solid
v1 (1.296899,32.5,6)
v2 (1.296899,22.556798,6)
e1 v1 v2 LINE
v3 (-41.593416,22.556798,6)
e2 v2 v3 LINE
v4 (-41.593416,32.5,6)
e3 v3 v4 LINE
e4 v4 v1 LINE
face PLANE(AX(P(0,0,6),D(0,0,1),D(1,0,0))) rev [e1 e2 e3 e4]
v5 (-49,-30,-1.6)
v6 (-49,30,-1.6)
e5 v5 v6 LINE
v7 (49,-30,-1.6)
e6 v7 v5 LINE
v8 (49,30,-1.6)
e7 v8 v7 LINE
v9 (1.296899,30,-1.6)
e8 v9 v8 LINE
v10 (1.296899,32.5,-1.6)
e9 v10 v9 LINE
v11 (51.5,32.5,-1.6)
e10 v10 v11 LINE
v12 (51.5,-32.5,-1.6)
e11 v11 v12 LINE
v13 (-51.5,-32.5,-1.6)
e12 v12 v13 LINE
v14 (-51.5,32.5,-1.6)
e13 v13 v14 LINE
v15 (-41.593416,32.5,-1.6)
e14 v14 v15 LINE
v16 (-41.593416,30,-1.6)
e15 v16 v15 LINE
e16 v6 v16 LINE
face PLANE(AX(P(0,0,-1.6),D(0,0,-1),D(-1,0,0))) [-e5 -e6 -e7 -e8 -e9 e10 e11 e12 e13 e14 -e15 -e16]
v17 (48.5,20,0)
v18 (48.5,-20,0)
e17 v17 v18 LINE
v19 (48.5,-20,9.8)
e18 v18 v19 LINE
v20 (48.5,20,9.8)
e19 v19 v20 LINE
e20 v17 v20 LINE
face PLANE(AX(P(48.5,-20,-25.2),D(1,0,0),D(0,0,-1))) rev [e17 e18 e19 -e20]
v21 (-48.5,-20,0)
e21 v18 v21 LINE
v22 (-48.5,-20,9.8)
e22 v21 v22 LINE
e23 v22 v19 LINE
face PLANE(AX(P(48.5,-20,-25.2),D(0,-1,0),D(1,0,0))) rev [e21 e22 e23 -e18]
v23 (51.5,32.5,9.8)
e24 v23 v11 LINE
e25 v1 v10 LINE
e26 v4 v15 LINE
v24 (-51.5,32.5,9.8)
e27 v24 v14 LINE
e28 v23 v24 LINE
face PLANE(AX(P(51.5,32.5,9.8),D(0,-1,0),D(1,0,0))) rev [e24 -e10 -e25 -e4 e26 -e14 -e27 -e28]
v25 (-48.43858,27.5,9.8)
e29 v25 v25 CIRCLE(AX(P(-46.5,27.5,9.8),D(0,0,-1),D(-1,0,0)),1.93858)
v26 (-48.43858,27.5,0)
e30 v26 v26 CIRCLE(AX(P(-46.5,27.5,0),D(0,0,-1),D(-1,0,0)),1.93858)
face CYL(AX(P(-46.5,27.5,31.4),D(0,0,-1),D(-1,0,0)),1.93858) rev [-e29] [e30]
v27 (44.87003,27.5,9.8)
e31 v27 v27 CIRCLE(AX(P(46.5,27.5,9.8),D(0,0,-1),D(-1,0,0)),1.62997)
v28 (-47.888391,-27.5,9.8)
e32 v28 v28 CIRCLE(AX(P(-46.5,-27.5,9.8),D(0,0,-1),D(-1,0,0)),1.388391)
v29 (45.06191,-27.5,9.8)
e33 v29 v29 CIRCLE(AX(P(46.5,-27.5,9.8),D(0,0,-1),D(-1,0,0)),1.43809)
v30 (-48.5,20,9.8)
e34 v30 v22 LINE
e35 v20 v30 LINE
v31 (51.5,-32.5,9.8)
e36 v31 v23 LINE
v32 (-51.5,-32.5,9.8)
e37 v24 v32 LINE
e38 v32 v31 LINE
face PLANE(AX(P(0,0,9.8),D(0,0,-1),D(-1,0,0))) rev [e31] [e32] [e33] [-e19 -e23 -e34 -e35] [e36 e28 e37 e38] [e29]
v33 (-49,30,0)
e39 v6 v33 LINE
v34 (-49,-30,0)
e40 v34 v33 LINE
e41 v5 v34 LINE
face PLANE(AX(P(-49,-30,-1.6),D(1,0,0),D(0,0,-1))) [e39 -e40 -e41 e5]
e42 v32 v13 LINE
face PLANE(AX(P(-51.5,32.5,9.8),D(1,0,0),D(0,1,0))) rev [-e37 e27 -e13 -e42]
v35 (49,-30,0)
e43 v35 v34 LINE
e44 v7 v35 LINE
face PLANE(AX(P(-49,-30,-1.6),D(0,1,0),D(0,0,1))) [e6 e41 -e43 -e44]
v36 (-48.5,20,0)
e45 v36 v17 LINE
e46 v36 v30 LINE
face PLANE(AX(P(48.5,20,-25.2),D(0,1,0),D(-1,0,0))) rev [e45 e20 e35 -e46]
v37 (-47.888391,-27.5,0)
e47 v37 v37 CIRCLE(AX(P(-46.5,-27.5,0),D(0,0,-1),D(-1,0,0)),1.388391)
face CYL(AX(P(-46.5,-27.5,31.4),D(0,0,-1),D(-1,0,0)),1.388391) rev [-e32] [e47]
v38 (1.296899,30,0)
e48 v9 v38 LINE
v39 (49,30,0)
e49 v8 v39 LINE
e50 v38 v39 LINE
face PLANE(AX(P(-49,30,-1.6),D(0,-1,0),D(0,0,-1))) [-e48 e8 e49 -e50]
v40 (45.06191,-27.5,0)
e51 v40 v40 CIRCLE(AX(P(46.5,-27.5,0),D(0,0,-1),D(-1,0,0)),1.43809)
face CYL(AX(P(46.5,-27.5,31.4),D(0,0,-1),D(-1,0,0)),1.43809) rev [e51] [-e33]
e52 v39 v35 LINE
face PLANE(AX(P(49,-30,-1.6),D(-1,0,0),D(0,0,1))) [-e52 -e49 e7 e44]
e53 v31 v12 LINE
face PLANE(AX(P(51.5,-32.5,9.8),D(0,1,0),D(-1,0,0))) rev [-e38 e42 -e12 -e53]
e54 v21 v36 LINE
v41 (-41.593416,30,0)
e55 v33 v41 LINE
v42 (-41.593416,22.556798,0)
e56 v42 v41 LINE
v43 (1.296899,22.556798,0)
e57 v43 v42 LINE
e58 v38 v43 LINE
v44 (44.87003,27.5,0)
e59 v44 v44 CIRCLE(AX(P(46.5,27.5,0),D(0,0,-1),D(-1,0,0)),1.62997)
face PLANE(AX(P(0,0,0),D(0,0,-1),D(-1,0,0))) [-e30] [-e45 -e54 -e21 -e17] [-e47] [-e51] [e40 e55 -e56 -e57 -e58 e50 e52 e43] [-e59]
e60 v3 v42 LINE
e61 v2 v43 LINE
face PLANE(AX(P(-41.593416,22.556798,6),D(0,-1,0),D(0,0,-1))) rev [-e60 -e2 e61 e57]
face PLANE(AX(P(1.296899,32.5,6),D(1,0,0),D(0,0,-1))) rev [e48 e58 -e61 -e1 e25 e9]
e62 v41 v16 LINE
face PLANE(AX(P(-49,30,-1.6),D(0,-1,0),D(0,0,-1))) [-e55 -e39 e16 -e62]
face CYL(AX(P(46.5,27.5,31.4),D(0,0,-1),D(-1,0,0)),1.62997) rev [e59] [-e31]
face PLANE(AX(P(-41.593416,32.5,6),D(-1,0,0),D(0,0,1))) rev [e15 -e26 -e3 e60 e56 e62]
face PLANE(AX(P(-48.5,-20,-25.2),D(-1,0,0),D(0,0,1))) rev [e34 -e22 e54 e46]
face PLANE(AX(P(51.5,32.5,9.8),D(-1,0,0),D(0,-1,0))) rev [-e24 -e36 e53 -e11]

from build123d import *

# Parameters (mm, degrees)
SKETCH2_W               = 103
SKETCH2_H               = 65
BOSS_EXTRUDE1_DEPTH     = 9.8
SKETCH4_W               = 97
SKETCH4_H               = 40
CUT_EXTRUDE1_DEPTH      = 35
SKETCH6_W               = 42.890315644
SKETCH6_H               = 9.943201627
CUT_EXTRUDE3_DEPTH      = 6
SKETCH9_W               = 103
SKETCH9_H               = 65
SKETCH9_W_2             = 98
SKETCH9_H_2             = 60
BOSS_EXTRUDE2_DEPTH     = 1.6
SKETCH10_W              = 42.890315644
SKETCH10_H              = 16.344193147
CUT_EXTRUDE4_DEPTH      = 9.943201627
CUT_EXTRUDE7_DEPTH      = 28
CUT_EXTRUDE7_DEPTH_BACK = 33
SKETCH14_R              = 1.629970135
SKETCH14_R_2            = 1.938580121
SKETCH14_R_3            = 1.388390768
SKETCH14_R_4            = 1.438089521


with BuildPart() as part:
    # Sketch2 → Boss-Extrude1 (new body)
    with BuildSketch(Plane.XY):
        Rectangle(SKETCH2_W, SKETCH2_H)
    extrude(amount=BOSS_EXTRUDE1_DEPTH)

    # Sketch4 → Cut-Extrude1 (cut)
    with BuildSketch(Plane.XY.offset(9.8)):
        Rectangle(SKETCH4_W, SKETCH4_H)
    extrude(amount=-CUT_EXTRUDE1_DEPTH, mode=Mode.SUBTRACT)

    # Sketch6 → Cut-Extrude3 (cut)
    with BuildSketch(Plane(origin=(0, 0, 0), x_dir=(-1, 0, 0), z_dir=(0, 0, -1))):
        with Locations((20.148258429, 27.528399187)):
            Rectangle(SKETCH6_W, SKETCH6_H)
    extrude(amount=-CUT_EXTRUDE3_DEPTH, mode=Mode.SUBTRACT)

    # Sketch9 → Boss-Extrude2 (add)
    with BuildSketch(Plane(origin=(0, 0, 0), x_dir=(-1, 0, 0), z_dir=(0, 0, -1))):
        Rectangle(SKETCH9_W, SKETCH9_H)
        Rectangle(SKETCH9_W_2, SKETCH9_H_2, mode=Mode.SUBTRACT)
    extrude(amount=BOSS_EXTRUDE2_DEPTH)

    # Sketch10 → Cut-Extrude4 (cut)
    with BuildSketch(Plane(origin=(0, 32.5, 0), x_dir=(1, 0, 0), z_dir=(0, 1, 0))):
        with Locations((-20.148258429, 8.172096574)):
            Rectangle(SKETCH10_W, SKETCH10_H)
    extrude(amount=-CUT_EXTRUDE4_DEPTH, mode=Mode.SUBTRACT)

    # Sketch14 → Cut-Extrude7 (cut, two sides: drawn at the far end of the back side and taken through both)
    with BuildSketch(Plane(origin=(0, 0, -1.6), x_dir=(-1, 0, 0), z_dir=(0, 0, -1)).offset(-CUT_EXTRUDE7_DEPTH_BACK)):
        with Locations((-46.5, 27.5)):
            Circle(SKETCH14_R)
        with Locations((46.5, 27.5)):
            Circle(SKETCH14_R_2)
        with Locations((46.5, -27.5)):
            Circle(SKETCH14_R_3)
        with Locations((-46.5, -27.5)):
            Circle(SKETCH14_R_4)
    extrude(amount=CUT_EXTRUDE7_DEPTH + CUT_EXTRUDE7_DEPTH_BACK, mode=Mode.SUBTRACT)


solid = part.part
